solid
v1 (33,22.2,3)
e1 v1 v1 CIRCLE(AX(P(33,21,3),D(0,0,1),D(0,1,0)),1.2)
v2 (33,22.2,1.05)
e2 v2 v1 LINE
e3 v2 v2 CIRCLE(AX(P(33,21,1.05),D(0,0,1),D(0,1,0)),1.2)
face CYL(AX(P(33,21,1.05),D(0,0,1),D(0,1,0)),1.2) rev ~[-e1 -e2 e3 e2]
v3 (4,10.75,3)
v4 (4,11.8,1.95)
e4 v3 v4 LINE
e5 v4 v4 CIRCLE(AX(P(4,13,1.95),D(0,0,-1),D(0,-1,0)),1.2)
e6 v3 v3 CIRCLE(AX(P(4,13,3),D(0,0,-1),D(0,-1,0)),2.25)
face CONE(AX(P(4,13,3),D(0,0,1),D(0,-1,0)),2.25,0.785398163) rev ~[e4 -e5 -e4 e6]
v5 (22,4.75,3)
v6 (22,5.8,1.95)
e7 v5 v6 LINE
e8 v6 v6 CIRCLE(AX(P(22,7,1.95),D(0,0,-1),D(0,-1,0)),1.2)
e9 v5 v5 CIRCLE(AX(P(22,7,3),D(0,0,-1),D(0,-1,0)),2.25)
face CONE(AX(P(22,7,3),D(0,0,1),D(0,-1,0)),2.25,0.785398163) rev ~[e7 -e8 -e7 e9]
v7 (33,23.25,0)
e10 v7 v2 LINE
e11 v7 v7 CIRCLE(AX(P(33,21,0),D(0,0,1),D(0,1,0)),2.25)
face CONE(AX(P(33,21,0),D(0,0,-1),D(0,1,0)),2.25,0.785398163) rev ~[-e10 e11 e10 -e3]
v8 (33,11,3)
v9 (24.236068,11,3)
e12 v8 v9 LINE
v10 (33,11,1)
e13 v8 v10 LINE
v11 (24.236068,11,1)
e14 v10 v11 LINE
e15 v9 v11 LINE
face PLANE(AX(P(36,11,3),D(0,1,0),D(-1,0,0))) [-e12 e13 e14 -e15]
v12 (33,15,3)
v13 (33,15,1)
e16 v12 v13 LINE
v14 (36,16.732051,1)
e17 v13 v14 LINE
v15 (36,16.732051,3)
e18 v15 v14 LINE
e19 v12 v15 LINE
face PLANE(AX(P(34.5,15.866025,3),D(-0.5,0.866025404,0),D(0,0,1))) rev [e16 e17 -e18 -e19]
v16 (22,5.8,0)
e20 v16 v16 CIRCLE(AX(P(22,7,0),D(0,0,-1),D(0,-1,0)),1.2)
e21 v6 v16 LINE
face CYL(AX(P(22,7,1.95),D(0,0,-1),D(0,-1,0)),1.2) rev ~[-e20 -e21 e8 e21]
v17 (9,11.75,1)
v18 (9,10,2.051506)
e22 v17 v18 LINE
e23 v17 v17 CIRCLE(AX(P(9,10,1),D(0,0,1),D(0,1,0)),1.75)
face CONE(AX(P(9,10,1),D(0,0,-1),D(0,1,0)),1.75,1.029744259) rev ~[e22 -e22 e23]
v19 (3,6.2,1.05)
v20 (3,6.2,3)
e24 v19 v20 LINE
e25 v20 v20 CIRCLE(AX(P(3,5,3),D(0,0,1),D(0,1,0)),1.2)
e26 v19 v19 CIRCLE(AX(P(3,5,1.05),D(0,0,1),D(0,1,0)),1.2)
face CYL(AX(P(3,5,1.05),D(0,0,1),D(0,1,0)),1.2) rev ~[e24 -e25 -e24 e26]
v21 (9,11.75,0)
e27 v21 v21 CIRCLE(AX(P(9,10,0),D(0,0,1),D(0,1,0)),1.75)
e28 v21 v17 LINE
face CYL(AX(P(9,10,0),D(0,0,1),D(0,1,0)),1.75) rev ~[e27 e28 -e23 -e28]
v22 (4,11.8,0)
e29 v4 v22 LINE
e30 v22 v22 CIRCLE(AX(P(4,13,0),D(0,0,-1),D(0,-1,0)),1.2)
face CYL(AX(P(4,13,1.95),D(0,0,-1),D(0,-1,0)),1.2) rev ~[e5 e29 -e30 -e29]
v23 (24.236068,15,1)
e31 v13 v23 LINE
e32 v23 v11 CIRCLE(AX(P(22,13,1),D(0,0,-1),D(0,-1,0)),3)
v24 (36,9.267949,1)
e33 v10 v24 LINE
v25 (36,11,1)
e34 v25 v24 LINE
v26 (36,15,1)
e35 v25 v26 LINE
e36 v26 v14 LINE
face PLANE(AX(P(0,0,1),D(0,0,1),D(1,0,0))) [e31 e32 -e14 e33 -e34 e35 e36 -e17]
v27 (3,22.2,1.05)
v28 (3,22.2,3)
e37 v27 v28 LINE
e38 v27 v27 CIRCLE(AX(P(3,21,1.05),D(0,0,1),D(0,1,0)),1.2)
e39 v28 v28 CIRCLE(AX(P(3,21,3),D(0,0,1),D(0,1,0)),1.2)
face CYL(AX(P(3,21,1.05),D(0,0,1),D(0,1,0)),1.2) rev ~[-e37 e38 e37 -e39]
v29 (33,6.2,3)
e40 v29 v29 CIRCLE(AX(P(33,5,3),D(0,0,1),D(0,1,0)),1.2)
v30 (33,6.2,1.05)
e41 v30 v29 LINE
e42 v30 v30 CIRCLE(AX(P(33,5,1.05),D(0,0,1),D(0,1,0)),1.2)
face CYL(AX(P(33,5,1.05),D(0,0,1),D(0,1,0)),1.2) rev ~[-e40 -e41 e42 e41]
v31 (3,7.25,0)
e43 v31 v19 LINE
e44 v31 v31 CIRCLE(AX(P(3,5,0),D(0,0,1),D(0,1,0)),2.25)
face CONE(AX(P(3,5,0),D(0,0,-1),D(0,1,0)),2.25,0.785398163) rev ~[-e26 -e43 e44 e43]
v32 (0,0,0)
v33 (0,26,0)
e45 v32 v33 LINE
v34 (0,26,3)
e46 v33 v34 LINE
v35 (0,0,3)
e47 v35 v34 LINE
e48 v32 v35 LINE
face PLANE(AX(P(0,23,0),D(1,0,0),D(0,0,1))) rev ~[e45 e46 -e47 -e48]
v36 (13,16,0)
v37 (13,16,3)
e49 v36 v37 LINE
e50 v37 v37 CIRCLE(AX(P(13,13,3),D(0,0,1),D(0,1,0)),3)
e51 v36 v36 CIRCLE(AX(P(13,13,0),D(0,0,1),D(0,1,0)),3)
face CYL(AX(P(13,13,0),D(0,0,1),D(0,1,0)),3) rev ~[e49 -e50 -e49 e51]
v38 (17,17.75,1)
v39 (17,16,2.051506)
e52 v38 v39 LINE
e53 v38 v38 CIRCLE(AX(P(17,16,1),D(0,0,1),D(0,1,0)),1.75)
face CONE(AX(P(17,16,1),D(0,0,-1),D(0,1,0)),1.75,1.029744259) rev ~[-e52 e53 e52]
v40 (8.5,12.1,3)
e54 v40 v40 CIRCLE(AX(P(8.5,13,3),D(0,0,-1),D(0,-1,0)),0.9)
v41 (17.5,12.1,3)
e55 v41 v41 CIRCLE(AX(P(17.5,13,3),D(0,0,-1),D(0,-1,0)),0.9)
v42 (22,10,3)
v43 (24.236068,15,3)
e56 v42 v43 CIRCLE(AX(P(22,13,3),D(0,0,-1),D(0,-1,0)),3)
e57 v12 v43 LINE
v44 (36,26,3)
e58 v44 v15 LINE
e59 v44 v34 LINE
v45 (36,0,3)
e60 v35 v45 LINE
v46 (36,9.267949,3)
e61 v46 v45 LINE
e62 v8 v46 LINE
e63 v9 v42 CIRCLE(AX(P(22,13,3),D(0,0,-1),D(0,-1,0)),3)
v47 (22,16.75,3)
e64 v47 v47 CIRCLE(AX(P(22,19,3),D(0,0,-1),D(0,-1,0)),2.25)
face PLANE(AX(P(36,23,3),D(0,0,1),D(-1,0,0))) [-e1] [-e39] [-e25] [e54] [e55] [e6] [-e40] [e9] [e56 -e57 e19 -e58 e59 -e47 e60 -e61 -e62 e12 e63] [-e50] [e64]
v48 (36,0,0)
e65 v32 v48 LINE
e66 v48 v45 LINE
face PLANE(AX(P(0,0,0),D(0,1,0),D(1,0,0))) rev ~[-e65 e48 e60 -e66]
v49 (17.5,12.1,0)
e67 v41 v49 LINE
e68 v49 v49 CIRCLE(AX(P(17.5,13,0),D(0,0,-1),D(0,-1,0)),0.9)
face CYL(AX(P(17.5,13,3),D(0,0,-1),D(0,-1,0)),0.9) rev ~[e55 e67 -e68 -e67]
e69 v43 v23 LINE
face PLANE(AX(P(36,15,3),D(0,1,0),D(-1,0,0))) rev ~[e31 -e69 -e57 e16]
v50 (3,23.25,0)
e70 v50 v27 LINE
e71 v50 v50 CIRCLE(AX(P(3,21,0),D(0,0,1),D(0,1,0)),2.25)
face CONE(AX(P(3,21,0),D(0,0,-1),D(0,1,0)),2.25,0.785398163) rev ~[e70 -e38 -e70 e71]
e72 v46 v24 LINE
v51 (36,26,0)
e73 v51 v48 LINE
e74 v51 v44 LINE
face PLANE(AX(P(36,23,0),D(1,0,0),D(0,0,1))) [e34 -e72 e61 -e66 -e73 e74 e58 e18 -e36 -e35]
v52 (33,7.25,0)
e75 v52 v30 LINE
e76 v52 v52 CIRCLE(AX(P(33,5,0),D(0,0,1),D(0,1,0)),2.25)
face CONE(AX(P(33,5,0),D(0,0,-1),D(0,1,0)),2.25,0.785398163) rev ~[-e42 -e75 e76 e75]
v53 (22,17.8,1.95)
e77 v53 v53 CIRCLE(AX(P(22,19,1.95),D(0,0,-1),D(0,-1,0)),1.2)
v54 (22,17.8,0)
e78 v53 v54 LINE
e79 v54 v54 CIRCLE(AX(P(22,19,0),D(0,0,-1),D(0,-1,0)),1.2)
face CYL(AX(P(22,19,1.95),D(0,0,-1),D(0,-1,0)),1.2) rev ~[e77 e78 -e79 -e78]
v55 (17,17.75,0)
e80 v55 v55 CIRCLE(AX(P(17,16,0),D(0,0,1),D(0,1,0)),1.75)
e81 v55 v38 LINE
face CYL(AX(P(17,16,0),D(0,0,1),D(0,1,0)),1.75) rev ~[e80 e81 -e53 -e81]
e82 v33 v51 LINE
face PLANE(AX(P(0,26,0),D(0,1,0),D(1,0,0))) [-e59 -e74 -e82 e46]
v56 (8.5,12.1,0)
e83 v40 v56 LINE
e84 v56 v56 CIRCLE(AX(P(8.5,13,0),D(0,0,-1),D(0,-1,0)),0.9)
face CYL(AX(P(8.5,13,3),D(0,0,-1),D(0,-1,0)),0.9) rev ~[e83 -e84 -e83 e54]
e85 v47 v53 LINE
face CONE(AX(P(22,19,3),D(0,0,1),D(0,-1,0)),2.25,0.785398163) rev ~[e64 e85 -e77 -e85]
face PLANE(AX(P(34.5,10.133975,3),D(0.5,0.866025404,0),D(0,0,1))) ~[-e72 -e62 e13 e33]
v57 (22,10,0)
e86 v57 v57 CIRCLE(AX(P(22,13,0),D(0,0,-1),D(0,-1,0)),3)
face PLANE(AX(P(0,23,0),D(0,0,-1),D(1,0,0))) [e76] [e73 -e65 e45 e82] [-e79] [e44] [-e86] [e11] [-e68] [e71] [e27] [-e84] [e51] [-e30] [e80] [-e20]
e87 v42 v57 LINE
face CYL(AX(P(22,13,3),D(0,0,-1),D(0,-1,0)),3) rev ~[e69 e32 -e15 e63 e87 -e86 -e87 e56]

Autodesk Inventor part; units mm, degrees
ref_plane "YZ Plane" through (0, 0, 0) normal (1, 0, 0) x (0, 1, 0)
ref_plane "XZ Plane" through (0, 0, 0) normal (0, 1, 0) x (-1, 0, 0)
ref_plane "XY Plane" through (0, 0, 0) normal (0, 0, 1) x (1, 0, 0)
sketch "Skizze1" plane through (0, 0, 0) normal (0, 0, 1) x (1, 0, 0)
  line L0 (-7.2, 0) -> (43.2, 0) projected
  line L1 (0, -4.6) -> (0, 27.6) projected
  line L2 (0, 23) -> (36, 23)
  line L3 (36, 23) -> (36, 0)
  line L4 (36, 0) -> (0, 0)
  line L5 (0, 0) -> (0, 23)
  point P0 (0, 0)
  dimension "d0" = 36
  dimension "d1" = 23
extrude "Extrusion1" add sketch "Skizze1" along normal blind 3
hole "Bohrung1" at (13, 13, 0) direction (0, 0, 1) diameter 6 end through all
sketch "Skizze3" plane through (0, 0, 3) normal (0, 0, 1) x (1, 0, 0)
  line L0 (19, 18) -> (7, 18) projected
  line L1 (7, 18) -> (7, 8) projected
  line L2 (19, 8) -> (19, 18) projected
  line L3 (7, 8) -> (19, 8) projected
  circle A0 centre (17, 16) radius 1.25 projected
  circle A1 centre (9, 10) radius 1.25 projected
  circle A2 centre (17.5, 13) radius 0.6105 projected
  circle A3 centre (8.5, 13) radius 0.6105 projected
  point P0 (8.5, 13)
  point P1 (17.5, 13)
hole "Bohrung2" at (8.5, 13, 3) at (17.5, 13, 3) direction (0, 0, -1) diameter 1.8 end through all
sketch "Skizze5" plane through (0, 0, 0) normal (0, 0, -1) x (-1, 0, 0)
  circle A0 centre (-17, 16) radius 1.25 projected
  circle A1 centre (-9, 10) radius 1.25 projected
  point P0 (-17, 16)
  point P1 (-9, 10)
hole "Bohrung3" at (17, 16, 0) at (9, 10, 0) direction (0, 0, 1) diameter 3.5 depth 1 tip angle 118
sketch "Skizze6" plane through (0, 23, 0) normal (0, 1, 0) x (1, 0, 0)
  line L0 (0, 0) -> (36, 0) projected
  line L1 (0, 0) -> (0, -3) projected
  line L2 (36, -3) -> (0, -3) projected
  line L3 (36, 0) -> (36, -3) projected
extrude "Extrusion2" add sketch "Skizze6" along normal blind 3
sketch "Skizze7" plane through (0, 0, 0) normal (0, 0, -1) x (-1, 0, 0)
  line L0 (-36, 26) -> (-36, 0) projected
  line L1 (-36, 0) -> (0, 0) projected
  line L2 (0, 0) -> (0, 26) projected
  line L3 (-36, 26) -> (0, 26) projected
  line L4 (-36, 25.9998) -> (0, 25.9998) projected
  line L5 (-6, 23) -> (-6, 3) projected
  line L6 (-26, 3) -> (-26, 23) projected
  line L7 (-36, 23) -> (0, 23) projected
  line L8 (0, 0) -> (-36, 0) projected
  line L9 (-6, 3) -> (-26, 3) projected
  line L10 (-6.5, 9) -> (-6.5, 17) projected
  arc A0 (-6.5, 17) -> (-8, 18.5) centre (-8, 17) ccw projected
  line L11 (-8, 18.5) -> (-10.0314, 18.5) projected
  line L12 (-15.9686, 18.5) -> (-18, 18.5) projected
  arc A1 (-18, 18.5) -> (-19.5, 17) centre (-18, 17) ccw projected
  line L13 (-19, 8) -> (-19, 18) projected
  line L14 (-16.2253, 8) -> (-19, 8) projected
  line L15 (-19.5, 17) -> (-19.5, 16) projected
  arc A2 (-19.5, 16) -> (-18, 7.5) centre (-18, 9) ccw projected
  arc A3 (-10.0314, 7.5) -> (-10.0314, 18.5) centre (-13, 13) ccw projected
  line L16 (-18, 7.5) -> (-15.9686, 7.5) projected
  line L17 (-10.0314, 7.5) -> (-8, 7.5) projected
  arc A4 (-8, 7.5) -> (-6.5, 9) centre (-8, 9) ccw projected
  line L18 (-6.5, 9) -> (-6.5, 17) projected
  line L19 (-3, 0) -> (-3, 25.9998)
  line L20 (-33, 25.9998) -> (-33, 0)
  line L21 (-33, 21) -> (-3, 21)
  line L22 (-3, 21) -> (-3, 5)
  line L23 (-3, 5) -> (-33, 5)
  line L24 (-33, 5) -> (-33, 21)
  line L25 (-36, 13) -> (0, 13)
  point P0 (-6, 23)
  dimension "d29" = 6
  dimension "d30" = 3
  dimension "d31" = 3
  dimension "d32" = 16
hole "Bohrung4" at (3, 21, 0) at (3, 5, 0) at (33, 21, 0) at (33, 5, 0) direction (0, 0, 1) diameter 2.4 end through all countersink diameter 4.5 countersink angle 90
sketch "Skizze9" plane through (0, 0, 3) normal (0, 0, 1) x (1, 0, 0)
  line L0 (0, 0) -> (0, 26) projected
  line L1 (36, 0) -> (36, 26) projected
  line L2 (3, 8) -> (2, 8) projected
  line L3 (2, 8) -> (2, 18) projected
  line L4 (2, 18) -> (3, 18) projected
  arc A0 (3, 18) -> (6, 21) centre (3, 21) ccw projected
  line L5 (6, 21) -> (6, 23) projected
  line L6 (6, 3) -> (6, 5) projected
  arc A1 (6, 5) -> (3, 8) centre (3, 5) ccw projected
  line L7 (0, 13) -> (36, 13)
  line L8 (22, 20.2065) -> (22, 3.5507)
  line L9 (6, 23) -> (30, 23) projected
  line L10 (30, 3) -> (30, 5) projected
  line L11 (6, 3) -> (30, 3) projected
  arc A2 (30, 21) -> (33, 18) centre (33, 21) ccw projected
  line L12 (34, 18) -> (33, 18) projected
  line L13 (34, 8) -> (34, 18) projected
  line L14 (33, 8) -> (34, 8) projected
  arc A3 (33, 8) -> (30, 5) centre (33, 5) ccw projected
  line L15 (30, 21) -> (30, 23) projected
  point P0 (22, 19)
  point P1 (22, 7)
  point P2 (4, 13)
  dimension "d41" = 22
  dimension "d42" = 14
  dimension "d43" = 12
  dimension "d44" = 4
hole "Bohrung5" at (22, 19, 3) at (22, 7, 3) at (4, 13, 3) direction (0, 0, -1) diameter 2.4 end through all countersink diameter 4.5 countersink angle 90
sketch "Skizze10" plane through (0, 0, 3) normal (0, 0, 1) x (1, 0, 0)
  circle A0 centre (22, 19) radius 2.25 projected
  line L0 (36, 0) -> (36, 26) projected
  line L1 (0, 26) -> (36, 26) projected
  line L2 (36, 13) -> (19.5709, 13)
  line L3 (36, 11) -> (22, 11)
  line L4 (36, 15) -> (22, 15)
  line L5 (22, 15) -> (22, 11)
  line L6 (22, 19) -> (22, 15.7462)
  dimension "d52" = 4
extrude "Extrusion3" cut sketch "Skizze10" against normal blind 2 contours L3 L5 L2 L0 | L2 L5 L4 L0
sketch "Skizze11" plane through (0, 0, 3) normal (0, 0, 1) x (1, 0, 0)
  line L0 (22, 11) -> (22, 15) projected
  point P0 (22, 13)
hole "Bohrung6" at (22, 13, 3) direction (0, 0, -1) diameter 6 end through all
chamfer "Fase1" distance 3 angle 30 1 edges at (36, 11, 2) measured on face at (28.1574, 11, 2.3333)
chamfer "Fase2" distance 3 angle 30 1 edges at (36, 15, 2) measured on face at (32.0787, 15, 2.3333)
properties part number "13_1087_012"
